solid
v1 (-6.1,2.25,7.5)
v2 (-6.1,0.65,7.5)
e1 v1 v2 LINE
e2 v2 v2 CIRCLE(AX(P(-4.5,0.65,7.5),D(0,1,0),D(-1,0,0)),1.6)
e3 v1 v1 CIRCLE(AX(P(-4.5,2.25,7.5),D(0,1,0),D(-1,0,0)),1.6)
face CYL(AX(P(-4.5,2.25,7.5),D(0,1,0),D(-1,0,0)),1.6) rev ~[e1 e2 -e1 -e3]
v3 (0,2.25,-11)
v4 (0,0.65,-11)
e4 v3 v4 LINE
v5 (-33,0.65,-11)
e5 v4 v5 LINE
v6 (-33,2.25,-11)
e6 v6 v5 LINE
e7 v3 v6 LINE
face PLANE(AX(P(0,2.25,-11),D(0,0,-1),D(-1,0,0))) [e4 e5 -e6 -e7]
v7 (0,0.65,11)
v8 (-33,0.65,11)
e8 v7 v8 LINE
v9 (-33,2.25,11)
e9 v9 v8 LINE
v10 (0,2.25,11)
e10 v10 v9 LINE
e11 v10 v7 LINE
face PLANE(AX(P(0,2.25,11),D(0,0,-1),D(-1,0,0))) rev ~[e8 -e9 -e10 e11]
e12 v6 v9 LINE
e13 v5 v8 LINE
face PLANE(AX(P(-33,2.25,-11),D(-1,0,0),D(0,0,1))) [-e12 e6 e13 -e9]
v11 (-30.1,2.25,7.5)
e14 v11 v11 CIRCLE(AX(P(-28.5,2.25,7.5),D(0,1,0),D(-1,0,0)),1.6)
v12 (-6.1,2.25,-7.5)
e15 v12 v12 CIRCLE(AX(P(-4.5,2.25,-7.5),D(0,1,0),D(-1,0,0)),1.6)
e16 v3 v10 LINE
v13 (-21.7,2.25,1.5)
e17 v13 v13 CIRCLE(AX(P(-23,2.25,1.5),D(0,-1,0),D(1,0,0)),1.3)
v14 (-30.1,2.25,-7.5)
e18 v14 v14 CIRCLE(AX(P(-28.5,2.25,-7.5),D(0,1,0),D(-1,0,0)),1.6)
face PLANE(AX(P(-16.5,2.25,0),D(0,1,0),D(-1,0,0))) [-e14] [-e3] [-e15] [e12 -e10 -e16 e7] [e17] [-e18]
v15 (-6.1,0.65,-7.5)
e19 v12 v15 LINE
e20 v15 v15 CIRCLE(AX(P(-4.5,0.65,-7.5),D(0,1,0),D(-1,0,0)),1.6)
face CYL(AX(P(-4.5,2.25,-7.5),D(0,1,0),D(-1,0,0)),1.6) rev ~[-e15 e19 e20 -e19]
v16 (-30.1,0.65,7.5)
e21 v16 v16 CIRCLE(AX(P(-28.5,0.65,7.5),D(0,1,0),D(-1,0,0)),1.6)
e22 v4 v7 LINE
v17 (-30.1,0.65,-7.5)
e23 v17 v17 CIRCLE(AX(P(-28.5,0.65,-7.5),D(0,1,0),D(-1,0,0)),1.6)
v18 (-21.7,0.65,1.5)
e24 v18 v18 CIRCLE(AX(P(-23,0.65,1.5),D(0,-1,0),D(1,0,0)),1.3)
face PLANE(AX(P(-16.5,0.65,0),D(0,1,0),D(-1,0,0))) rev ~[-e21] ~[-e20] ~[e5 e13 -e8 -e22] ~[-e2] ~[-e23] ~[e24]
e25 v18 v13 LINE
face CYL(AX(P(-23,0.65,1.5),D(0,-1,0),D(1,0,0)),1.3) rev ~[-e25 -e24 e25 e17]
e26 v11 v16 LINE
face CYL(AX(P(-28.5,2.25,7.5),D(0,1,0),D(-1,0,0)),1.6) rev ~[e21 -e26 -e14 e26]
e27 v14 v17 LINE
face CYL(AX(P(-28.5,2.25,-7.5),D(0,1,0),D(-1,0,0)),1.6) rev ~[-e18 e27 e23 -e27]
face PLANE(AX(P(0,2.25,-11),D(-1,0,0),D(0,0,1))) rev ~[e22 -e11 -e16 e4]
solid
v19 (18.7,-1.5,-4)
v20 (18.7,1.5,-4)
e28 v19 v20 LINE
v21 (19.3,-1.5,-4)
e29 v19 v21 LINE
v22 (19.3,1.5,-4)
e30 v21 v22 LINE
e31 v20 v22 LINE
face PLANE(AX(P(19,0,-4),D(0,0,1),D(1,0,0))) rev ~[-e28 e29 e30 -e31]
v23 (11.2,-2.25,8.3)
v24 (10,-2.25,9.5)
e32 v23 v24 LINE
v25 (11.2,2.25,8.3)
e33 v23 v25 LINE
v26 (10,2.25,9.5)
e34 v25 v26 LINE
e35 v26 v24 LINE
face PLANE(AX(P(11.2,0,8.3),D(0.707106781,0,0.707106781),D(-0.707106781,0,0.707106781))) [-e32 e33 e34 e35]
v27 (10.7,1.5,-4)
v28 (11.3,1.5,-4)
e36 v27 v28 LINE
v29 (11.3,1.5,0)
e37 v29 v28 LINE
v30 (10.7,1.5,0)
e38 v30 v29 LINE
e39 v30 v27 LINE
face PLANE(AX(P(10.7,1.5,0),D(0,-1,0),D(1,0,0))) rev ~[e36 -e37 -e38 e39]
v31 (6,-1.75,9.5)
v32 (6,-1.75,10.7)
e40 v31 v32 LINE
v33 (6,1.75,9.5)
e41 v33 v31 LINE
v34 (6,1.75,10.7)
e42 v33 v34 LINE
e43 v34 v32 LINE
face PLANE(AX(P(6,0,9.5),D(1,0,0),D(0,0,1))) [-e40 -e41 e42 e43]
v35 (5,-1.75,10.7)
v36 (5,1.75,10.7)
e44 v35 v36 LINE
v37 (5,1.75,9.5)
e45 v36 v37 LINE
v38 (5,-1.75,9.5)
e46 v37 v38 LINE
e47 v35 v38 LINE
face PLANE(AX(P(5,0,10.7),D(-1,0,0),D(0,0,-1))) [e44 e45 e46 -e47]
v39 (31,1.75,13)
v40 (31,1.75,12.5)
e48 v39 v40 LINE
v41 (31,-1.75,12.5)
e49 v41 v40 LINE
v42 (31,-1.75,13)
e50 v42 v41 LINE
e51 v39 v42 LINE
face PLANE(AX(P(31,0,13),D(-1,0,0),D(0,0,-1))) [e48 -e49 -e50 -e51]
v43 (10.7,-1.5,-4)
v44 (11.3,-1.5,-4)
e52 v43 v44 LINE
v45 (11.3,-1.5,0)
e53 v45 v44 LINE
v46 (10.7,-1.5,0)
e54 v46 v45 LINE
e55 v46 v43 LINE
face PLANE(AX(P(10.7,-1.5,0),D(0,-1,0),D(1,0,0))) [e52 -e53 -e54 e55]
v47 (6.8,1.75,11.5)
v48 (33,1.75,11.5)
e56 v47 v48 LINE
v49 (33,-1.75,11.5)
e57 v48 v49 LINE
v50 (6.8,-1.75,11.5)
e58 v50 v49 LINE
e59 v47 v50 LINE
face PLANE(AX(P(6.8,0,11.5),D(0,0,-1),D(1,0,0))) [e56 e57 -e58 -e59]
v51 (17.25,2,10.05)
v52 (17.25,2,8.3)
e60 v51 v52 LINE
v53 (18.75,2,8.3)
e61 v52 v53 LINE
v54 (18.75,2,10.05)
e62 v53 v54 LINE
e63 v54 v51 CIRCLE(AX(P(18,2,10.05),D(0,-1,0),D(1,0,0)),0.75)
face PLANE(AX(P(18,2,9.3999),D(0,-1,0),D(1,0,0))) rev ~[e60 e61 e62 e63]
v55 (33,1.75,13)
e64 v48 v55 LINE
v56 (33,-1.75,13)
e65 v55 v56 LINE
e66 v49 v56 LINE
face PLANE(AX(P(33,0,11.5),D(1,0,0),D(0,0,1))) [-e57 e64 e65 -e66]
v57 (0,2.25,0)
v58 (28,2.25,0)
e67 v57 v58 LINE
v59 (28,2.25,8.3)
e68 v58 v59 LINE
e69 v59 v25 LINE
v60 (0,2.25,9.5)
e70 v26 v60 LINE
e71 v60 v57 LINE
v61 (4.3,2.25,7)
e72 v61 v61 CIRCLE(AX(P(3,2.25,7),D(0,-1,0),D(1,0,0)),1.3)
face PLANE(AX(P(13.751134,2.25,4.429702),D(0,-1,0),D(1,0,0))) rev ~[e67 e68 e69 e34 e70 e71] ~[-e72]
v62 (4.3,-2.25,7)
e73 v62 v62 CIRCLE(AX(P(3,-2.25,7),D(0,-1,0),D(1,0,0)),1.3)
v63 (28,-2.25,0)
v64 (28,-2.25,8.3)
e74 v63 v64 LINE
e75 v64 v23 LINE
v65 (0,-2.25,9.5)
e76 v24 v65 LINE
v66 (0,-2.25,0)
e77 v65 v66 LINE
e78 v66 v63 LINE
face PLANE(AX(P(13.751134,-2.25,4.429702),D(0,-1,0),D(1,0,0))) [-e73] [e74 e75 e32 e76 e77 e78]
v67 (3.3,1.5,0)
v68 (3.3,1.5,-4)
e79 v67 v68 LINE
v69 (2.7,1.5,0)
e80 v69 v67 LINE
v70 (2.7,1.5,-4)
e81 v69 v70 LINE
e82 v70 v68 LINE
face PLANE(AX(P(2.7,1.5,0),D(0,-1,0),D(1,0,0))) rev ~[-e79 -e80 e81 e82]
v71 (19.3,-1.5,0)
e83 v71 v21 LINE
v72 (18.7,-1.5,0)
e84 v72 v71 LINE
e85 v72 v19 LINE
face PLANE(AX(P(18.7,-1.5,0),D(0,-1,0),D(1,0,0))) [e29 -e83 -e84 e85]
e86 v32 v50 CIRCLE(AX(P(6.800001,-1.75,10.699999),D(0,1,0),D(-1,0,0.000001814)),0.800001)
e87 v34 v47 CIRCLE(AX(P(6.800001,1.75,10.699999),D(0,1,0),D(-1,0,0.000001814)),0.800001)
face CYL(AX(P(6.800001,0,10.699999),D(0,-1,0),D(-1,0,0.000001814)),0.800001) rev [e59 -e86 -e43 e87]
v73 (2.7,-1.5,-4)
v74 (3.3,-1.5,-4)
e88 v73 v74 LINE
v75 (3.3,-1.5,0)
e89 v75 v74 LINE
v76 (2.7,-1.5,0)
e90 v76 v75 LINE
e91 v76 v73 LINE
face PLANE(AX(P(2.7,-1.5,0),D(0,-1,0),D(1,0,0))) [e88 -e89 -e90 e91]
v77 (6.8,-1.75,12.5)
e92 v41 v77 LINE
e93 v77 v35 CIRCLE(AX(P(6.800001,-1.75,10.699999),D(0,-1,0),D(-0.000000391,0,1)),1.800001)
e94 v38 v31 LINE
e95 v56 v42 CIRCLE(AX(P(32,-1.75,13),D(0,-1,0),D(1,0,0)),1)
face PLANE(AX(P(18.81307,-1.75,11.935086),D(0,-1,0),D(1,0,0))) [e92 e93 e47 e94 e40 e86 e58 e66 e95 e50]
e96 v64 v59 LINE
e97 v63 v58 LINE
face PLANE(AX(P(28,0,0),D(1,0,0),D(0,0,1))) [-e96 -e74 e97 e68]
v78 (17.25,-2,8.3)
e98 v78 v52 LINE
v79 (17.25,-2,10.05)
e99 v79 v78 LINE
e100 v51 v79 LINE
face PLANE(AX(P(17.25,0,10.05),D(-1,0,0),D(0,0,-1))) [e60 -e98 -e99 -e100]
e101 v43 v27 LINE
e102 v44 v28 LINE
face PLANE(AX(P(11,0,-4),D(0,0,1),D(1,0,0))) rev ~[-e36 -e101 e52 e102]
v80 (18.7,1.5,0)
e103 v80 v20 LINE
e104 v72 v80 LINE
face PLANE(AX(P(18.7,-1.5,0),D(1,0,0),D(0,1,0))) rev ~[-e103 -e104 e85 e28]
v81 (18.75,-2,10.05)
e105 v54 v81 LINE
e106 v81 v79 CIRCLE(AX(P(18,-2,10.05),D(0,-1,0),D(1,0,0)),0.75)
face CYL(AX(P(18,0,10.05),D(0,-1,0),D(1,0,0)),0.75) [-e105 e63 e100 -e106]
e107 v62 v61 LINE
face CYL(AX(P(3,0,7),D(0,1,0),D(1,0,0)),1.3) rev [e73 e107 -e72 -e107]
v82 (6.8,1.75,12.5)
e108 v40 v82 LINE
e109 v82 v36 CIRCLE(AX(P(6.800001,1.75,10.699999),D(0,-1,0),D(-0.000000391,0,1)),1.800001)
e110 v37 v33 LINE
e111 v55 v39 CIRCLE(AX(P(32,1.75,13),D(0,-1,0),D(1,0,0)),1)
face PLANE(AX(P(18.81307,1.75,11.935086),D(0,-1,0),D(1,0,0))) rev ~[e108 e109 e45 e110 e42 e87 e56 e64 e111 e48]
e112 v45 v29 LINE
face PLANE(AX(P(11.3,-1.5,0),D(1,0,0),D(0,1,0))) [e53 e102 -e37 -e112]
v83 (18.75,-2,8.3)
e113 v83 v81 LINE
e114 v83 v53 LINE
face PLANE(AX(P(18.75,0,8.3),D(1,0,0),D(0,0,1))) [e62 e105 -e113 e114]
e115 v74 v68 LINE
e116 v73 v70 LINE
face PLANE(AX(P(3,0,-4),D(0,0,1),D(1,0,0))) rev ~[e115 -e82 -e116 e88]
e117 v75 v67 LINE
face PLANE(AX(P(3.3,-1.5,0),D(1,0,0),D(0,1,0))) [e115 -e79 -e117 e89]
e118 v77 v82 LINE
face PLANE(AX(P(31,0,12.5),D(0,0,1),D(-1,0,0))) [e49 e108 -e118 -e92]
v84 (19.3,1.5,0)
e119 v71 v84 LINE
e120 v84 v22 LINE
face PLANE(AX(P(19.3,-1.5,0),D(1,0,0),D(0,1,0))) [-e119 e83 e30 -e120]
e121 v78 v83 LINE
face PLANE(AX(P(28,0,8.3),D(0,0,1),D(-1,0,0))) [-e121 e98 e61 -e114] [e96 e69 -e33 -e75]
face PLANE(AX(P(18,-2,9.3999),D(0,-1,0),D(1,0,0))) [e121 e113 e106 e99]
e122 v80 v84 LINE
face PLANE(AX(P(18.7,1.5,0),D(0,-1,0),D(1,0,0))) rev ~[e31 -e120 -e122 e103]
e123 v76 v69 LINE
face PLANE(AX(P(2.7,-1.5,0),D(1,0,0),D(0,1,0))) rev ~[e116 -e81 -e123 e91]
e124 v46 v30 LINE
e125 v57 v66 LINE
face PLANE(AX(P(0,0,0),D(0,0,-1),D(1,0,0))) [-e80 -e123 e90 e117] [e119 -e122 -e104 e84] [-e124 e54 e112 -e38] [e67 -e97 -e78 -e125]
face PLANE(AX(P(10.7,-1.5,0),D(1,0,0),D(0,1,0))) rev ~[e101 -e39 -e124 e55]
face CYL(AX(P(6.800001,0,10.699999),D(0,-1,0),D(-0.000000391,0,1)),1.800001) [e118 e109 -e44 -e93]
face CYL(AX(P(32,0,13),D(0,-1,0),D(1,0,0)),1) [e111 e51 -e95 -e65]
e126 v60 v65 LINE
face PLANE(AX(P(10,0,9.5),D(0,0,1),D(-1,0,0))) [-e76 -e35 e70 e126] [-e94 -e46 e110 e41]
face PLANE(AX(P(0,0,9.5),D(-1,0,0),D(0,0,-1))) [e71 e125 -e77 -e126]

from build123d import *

# Parameters (mm, degrees)
F0_R      = 1.3
F1_DEPTH  = 2.25
F3_DEPTH  = 1.75
F5_DEPTH  = 2
F6_W      = 0.6
F6_H      = 3
F7_DEPTH  = 4
F8_W      = 33
F8_H      = 22
F8_R      = 1.6
F9_DEPTH  = 1.6
F10_R     = 1.3
F11_DEPTH = 1.601


with BuildPart() as f1:
    # F0 (on Front) → F1 (new body, symmetric)
    with BuildSketch(Plane.XZ):
        Polygon((11.2, 8.3), (10, 9.5), (0, 9.5), (0, 0), (28, 0), (28, 8.3), align=None)
        with Locations((3, 7)):
            Circle(F0_R, mode=Mode.SUBTRACT)
    extrude(amount=F1_DEPTH, both=True)

    # F2 (on Front) → F3 (join, symmetric)
    with BuildSketch(Plane.XZ):
        with BuildLine():
            Line((5, 10.7), (5, 9.5))
            Line((5, 9.5), (6, 9.5))
            Line((6, 9.5), (6, 10.7))
            ThreePointArc((6, 10.7), (6.234315, 11.265685), (6.8, 11.5))
            Line((6.8, 11.5), (33, 11.5))
            Line((33, 11.5), (33, 13))
            ThreePointArc((33, 13), (32, 14), (31, 13))
            Line((31, 13), (31, 12.5))
            Line((31, 12.5), (6.8, 12.5))
            ThreePointArc((6.8, 12.5), (5.527208, 11.972792), (5, 10.7))
        make_face()
    extrude(amount=F3_DEPTH, both=True)

    # F4 (on Front) → F5 (join, symmetric)
    with BuildSketch(Plane.XZ):
        with BuildLine():
            Line((18.75, 8.3), (18.75, 10.05))
            ThreePointArc((18.75, 10.05), (18, 10.8), (17.25, 10.05))
            Line((17.25, 10.05), (17.25, 8.3))
            Line((17.25, 8.3), (18.75, 8.3))
        make_face()
    extrude(amount=F5_DEPTH, both=True)

    # F6 (on Top) → F7 (join)
    with BuildSketch(Plane.XY):
        with Locations((19, 0)):
            Rectangle(F6_W, F6_H)
        with Locations((11, 0)):
            Rectangle(F6_W, F6_H)
        with Locations((3, 0)):
            Rectangle(F6_W, F6_H)
    extrude(amount=-F7_DEPTH)


with BuildPart() as f9:
    # F8 (on face) → F9 (new body)
    with BuildSketch(Plane(origin=(0, 2.25, 0), x_dir=(-1, 0, 0), z_dir=(0, 1, 0))):
        with Locations((16.5, 0)):
            Rectangle(F8_W, F8_H)
        with Locations((4.5, -7.5)):
            Circle(F8_R, mode=Mode.SUBTRACT)
        with Locations((28.5, -7.5)):
            Circle(F8_R, mode=Mode.SUBTRACT)
        with Locations((4.5, 7.5)):
            Circle(F8_R, mode=Mode.SUBTRACT)
        with Locations((28.5, 7.5)):
            Circle(F8_R, mode=Mode.SUBTRACT)
    extrude(amount=-F9_DEPTH)

    # F10 (on face) → F11 (cut, through all)
    with BuildSketch(Plane.XZ.offset(-0.65)):
        with Locations((-23, 1.5)):
            Circle(F10_R)
    extrude(amount=-F11_DEPTH, mode=Mode.SUBTRACT)


solid = Compound([f1.part, f9.part])
